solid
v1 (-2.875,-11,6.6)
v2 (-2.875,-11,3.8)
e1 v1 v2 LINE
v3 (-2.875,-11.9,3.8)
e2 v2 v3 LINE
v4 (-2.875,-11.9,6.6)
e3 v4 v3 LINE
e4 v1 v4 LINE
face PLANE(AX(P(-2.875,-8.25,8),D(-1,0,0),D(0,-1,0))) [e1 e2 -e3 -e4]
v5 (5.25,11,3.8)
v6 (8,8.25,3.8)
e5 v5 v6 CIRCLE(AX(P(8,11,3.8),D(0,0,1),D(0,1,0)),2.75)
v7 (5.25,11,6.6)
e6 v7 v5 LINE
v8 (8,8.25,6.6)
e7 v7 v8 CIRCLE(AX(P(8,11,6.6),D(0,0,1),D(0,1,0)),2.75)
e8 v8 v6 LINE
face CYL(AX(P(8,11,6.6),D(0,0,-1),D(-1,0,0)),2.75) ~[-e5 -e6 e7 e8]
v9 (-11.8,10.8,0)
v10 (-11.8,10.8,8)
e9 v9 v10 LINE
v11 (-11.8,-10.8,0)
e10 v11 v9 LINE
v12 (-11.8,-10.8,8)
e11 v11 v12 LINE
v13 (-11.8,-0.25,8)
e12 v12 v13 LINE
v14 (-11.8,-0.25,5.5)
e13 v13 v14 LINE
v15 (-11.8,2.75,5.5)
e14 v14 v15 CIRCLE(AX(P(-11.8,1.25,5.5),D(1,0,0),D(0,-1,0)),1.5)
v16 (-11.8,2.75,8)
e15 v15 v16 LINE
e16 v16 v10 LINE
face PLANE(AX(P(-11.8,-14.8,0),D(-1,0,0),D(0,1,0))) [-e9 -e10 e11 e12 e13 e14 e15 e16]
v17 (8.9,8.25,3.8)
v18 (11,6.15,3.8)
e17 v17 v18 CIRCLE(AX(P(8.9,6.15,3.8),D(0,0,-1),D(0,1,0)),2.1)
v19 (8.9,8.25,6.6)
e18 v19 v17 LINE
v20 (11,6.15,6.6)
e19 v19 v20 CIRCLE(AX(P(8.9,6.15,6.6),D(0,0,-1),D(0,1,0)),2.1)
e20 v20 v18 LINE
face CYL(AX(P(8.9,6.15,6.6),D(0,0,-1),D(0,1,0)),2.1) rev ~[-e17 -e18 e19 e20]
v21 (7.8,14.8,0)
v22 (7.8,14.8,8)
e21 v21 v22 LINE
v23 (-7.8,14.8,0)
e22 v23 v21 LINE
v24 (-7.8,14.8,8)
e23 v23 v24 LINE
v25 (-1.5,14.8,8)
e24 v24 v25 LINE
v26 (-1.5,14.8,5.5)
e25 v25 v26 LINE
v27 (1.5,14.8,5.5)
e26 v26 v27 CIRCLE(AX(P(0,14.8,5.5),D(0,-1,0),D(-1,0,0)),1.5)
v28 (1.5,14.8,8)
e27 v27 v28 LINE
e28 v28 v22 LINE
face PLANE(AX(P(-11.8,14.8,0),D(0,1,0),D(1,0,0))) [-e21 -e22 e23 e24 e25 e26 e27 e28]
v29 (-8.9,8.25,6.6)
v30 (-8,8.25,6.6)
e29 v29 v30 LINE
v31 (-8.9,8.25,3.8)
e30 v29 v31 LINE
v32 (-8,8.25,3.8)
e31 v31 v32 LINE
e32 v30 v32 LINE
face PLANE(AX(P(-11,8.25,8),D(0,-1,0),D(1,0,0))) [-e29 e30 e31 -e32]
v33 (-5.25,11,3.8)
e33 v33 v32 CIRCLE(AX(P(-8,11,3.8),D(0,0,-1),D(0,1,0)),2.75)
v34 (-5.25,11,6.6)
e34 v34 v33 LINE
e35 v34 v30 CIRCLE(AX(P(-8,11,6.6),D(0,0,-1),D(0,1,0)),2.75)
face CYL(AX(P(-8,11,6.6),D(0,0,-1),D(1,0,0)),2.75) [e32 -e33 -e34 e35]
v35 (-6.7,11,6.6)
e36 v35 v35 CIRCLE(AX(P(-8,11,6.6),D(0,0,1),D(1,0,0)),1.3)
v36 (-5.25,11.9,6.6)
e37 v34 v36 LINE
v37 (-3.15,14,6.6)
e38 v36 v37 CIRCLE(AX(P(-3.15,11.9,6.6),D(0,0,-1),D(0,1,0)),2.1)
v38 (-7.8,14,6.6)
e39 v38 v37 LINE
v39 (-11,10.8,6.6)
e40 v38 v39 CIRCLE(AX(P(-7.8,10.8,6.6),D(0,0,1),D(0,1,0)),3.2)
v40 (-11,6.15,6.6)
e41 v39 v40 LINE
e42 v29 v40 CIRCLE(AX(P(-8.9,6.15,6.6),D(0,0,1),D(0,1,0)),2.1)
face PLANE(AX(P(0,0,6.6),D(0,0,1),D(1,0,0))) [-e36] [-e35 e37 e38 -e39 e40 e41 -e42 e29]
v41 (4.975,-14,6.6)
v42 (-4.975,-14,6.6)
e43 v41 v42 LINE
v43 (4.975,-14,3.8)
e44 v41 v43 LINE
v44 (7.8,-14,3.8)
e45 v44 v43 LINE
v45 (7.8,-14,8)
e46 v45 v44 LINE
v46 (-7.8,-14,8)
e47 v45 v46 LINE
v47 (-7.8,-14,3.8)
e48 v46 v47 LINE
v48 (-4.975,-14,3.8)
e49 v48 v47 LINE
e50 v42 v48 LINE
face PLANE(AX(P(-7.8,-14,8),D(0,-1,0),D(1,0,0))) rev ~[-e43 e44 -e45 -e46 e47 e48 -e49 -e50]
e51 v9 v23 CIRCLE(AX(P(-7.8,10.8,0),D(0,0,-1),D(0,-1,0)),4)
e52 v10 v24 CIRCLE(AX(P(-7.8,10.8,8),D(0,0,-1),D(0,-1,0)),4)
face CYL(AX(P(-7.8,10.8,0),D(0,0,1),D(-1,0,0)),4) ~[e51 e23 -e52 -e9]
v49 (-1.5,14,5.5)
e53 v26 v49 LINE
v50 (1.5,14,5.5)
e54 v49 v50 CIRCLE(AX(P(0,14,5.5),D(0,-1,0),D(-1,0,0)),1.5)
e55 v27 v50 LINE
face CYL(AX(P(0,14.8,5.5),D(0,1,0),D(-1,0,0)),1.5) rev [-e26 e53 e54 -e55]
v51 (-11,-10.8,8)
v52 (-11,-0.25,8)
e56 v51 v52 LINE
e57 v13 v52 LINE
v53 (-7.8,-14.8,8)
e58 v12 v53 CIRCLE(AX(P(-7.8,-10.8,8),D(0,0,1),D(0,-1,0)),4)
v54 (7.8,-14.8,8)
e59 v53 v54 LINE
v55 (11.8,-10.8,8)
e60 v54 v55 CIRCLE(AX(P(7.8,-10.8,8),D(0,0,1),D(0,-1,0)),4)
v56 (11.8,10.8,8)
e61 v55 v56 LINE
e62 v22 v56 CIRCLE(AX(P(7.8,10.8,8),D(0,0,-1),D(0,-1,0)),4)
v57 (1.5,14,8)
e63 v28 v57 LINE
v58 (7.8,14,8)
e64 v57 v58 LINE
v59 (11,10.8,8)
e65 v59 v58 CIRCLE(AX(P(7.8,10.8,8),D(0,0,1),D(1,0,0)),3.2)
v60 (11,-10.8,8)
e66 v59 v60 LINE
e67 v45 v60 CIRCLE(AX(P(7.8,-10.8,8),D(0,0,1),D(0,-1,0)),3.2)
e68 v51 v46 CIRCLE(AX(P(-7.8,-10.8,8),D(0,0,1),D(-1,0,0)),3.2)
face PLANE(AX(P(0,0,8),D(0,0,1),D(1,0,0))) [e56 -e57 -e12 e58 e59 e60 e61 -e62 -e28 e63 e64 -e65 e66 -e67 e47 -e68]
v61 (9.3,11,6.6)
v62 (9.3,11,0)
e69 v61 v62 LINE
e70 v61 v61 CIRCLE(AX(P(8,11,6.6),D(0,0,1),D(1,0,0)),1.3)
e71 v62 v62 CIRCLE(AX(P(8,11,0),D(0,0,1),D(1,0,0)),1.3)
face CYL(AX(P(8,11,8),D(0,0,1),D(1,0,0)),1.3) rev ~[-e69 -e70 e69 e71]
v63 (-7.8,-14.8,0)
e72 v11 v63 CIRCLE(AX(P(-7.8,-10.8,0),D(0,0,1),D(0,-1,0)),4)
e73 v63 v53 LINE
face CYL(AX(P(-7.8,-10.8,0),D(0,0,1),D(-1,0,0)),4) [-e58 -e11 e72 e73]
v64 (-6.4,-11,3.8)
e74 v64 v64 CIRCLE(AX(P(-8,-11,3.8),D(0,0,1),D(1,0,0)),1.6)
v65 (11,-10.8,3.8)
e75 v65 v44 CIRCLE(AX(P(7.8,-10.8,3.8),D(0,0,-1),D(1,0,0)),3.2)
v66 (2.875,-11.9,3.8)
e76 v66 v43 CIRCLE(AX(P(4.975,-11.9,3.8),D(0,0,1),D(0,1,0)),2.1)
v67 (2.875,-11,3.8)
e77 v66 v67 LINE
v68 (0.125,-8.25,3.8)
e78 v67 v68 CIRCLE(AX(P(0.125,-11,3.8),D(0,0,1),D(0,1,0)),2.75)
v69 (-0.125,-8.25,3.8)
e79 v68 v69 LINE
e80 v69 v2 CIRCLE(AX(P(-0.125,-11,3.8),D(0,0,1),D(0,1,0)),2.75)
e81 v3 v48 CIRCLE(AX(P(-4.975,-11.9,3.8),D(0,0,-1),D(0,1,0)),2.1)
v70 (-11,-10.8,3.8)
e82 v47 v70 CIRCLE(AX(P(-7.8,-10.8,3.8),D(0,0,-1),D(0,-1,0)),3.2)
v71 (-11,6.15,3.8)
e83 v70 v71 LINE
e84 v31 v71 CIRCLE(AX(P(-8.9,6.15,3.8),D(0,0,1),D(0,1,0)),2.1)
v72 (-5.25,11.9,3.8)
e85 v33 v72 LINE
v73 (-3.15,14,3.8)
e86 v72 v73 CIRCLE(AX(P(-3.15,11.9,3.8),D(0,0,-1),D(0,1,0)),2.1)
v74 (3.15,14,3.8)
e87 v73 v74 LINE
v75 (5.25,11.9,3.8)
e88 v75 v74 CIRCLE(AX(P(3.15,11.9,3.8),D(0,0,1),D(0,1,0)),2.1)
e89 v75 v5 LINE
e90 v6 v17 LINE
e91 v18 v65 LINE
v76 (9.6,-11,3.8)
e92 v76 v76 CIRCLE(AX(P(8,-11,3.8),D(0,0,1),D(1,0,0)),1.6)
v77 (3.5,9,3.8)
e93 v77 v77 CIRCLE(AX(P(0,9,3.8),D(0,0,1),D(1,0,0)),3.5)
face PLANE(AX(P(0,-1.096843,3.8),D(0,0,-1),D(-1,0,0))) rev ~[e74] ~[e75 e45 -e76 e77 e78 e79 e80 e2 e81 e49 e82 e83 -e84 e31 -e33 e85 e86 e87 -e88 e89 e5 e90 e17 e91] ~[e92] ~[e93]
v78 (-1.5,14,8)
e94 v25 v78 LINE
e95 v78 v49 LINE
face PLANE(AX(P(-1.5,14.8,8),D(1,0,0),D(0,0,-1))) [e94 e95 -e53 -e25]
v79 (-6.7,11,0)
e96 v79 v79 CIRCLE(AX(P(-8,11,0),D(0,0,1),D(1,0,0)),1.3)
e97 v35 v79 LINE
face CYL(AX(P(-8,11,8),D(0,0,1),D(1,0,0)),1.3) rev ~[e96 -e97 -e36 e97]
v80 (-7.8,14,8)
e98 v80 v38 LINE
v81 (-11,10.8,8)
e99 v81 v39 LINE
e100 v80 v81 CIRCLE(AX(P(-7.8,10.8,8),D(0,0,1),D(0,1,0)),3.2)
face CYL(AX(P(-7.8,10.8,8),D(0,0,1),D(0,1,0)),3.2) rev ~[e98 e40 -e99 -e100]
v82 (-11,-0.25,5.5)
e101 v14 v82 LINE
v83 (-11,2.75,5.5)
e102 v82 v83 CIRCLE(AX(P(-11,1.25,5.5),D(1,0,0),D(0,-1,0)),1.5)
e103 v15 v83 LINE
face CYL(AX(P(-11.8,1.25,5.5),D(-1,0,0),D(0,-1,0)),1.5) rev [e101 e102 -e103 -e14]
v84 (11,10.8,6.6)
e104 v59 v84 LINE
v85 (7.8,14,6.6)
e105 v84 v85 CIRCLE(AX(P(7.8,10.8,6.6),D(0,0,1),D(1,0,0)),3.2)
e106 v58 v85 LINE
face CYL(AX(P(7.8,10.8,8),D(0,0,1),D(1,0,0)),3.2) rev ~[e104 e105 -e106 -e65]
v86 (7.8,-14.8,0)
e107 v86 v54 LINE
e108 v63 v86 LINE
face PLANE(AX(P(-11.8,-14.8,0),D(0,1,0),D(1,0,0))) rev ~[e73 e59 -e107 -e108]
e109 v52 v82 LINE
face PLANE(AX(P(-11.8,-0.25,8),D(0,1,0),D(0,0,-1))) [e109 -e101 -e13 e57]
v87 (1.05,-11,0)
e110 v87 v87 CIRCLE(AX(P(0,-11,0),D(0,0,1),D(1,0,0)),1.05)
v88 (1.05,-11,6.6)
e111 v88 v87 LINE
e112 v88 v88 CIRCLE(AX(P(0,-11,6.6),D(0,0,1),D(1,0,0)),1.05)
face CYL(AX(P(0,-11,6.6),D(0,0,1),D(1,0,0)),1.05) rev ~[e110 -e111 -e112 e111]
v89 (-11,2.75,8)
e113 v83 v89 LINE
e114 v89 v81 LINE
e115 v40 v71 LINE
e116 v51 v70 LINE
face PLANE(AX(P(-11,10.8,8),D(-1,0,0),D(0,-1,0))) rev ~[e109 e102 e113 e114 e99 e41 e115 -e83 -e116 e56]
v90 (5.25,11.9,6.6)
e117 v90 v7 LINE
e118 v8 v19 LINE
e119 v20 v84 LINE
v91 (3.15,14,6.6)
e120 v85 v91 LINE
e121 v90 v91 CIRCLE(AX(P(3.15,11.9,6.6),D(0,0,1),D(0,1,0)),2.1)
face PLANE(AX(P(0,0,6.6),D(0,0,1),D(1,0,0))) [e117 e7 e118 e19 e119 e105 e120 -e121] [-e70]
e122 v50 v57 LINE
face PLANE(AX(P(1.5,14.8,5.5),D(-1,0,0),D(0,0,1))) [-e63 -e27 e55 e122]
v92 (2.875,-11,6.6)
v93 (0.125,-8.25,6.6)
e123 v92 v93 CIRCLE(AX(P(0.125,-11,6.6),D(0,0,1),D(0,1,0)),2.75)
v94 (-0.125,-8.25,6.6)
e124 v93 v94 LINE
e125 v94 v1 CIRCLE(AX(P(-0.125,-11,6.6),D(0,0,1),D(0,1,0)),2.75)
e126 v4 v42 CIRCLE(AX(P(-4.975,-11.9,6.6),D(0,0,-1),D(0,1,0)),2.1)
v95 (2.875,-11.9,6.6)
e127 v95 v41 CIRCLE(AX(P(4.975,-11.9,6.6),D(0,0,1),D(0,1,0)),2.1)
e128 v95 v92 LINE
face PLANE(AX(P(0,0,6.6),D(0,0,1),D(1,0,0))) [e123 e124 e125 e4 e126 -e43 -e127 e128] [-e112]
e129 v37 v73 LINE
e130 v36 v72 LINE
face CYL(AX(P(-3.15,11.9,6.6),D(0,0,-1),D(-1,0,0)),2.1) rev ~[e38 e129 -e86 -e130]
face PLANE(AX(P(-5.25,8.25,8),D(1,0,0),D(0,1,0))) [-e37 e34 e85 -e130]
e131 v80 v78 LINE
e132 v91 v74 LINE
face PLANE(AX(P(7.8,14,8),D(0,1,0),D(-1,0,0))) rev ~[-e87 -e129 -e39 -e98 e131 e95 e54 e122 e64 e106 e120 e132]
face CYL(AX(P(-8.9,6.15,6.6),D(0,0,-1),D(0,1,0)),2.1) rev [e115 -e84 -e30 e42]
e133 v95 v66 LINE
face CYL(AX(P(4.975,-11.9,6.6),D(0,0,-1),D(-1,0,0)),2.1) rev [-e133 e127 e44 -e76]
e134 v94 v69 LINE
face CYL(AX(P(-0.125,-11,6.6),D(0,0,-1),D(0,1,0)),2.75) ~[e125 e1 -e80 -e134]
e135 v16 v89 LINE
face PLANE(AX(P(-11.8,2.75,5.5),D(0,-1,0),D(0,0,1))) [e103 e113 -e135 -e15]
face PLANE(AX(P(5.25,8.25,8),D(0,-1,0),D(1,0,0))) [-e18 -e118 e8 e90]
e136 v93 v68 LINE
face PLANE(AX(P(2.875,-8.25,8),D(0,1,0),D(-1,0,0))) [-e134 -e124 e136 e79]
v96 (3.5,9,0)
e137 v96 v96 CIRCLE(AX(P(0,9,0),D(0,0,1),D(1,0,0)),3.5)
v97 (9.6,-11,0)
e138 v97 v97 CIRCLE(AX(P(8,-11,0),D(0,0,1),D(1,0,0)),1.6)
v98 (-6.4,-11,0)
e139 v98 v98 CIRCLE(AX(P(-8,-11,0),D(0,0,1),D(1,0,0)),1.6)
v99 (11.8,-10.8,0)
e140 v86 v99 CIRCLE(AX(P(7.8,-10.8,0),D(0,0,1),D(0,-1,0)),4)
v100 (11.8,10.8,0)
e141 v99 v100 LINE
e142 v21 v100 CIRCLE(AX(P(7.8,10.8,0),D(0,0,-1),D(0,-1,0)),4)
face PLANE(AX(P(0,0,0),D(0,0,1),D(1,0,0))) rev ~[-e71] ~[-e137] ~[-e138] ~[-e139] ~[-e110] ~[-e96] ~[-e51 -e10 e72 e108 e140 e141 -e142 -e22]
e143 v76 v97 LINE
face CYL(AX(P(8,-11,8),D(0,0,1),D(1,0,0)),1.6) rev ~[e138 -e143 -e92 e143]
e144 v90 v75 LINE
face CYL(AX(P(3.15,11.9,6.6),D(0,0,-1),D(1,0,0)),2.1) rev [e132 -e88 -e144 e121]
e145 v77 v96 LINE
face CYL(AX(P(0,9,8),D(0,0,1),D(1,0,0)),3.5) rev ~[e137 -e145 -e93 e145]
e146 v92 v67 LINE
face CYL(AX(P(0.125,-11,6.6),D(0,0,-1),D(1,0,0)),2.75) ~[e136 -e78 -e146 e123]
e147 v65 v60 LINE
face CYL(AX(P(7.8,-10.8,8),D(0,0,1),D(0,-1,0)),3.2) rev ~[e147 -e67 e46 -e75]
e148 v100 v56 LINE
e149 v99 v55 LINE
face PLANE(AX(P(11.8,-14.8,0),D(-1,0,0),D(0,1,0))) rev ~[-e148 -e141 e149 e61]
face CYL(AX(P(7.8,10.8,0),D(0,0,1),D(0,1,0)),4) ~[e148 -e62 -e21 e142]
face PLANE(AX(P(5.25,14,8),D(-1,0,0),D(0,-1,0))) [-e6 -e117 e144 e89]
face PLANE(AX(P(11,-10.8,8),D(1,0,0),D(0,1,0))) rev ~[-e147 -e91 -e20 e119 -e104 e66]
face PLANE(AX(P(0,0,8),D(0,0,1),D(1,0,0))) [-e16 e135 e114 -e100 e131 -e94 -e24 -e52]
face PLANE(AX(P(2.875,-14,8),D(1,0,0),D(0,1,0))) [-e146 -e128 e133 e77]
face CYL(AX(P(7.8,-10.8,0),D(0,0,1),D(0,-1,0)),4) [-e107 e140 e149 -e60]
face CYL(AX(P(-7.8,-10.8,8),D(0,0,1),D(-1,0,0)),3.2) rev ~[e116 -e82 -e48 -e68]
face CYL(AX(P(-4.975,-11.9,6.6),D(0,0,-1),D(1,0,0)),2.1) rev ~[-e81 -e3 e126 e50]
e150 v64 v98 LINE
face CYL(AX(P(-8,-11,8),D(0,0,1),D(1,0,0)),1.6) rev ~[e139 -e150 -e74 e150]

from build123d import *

# Parameters (mm, degrees)
SKETCH1_W                               = 23.6
SKETCH1_H                               = 29.6
BASIC_DEPTH                             = 8
SKETCH2_R                               = 3.5
F_7_0_HOLE_ROTATING_MAGNET_DEPTH        = 21.549452547
SKETCH4_R                               = 1.6
SKETCH4_R_2                             = 1.3
MOUNTING_HOLES_2_05_2_5_DEPTH           = 21.549452547
R4_BASIC_R                              = 4
PCB_LEVEL_DEPTH                         = 1.4
PCB_CLEARANCE_DEPTH                     = 4.2
R2_1_PCB_CLEARANCE_R                    = 2.1
R2_75_PCB_CLEARANCE_R                   = 2.75
CUT_OUT_1_DEPTH                         = 0.8
CUT_OUT_RESET_SWITCH_DEPTH              = 0.8
SKETCH13_R                              = 1.05
F_2_05_PCB_MOUNTING_HOLE_FOR_M2_5_DEPTH = 21.045947221


with BuildPart() as part:
    # Sketch1 → Basic (new body)
    with BuildSketch(Plane.XY):
        Rectangle(SKETCH1_W, SKETCH1_H)
    extrude(amount=BASIC_DEPTH)

    # Sketch2 → Ø7.0 Hole (Rotating Magnet) (cut, through all)
    with BuildSketch(Plane.XY.offset(8)):
        with Locations((0, 9)):
            Circle(SKETCH2_R)
    extrude(amount=-F_7_0_HOLE_ROTATING_MAGNET_DEPTH, mode=Mode.SUBTRACT)

    # Sketch4 → Mounting holes  Ø2.05 & Ø2.5 (cut, through all)
    with BuildSketch(Plane.XY.offset(8)):
        with Locations((8, -11)):
            Circle(SKETCH4_R)
        with Locations((-8, -11)):
            Circle(SKETCH4_R)
        with Locations((8, 11)):
            Circle(SKETCH4_R_2)
        with Locations((-8, 11)):
            Circle(SKETCH4_R_2)
    extrude(amount=-MOUNTING_HOLES_2_05_2_5_DEPTH, mode=Mode.SUBTRACT)

    # R4: Basic
    r4_basic_edges = [part.edges().sort_by_distance(p)[0] for p in [
        (11.8, -14.8, 4),
        (-11.8, -14.8, 4),
        (-11.8, 14.8, 4),
        (11.8, 14.8, 4),
    ]]
    fillet(r4_basic_edges, radius=R4_BASIC_R)

    # Sketch6 → PCB level (cut)
    with BuildSketch(Plane.XY.offset(8)):
        with BuildLine():
            Line((11, -10.8), (11, 10.8))
            ThreePointArc((11, 10.8), (10.0627417, 13.0627417), (7.8, 14))
            Line((7.8, 14), (-7.8, 14))
            ThreePointArc((-7.8, 14), (-10.0627417, 13.0627417), (-11, 10.8))
            Line((-11, 10.8), (-11, -10.8))
            ThreePointArc((-11, -10.8), (-10.0627417, -13.0627417), (-7.8, -14))
            Line((-7.8, -14), (7.8, -14))
            ThreePointArc((7.8, -14), (10.0627417, -13.0627417), (11, -10.8))
        make_face()
    extrude(amount=-PCB_LEVEL_DEPTH, mode=Mode.SUBTRACT)

    # Sketch9 → PCB Clearance (cut)
    with BuildSketch(Plane.XY.offset(8)):
        with BuildLine():
            Line((-11, 8.25), (-5.25, 8.25))
            Line((-5.25, 8.25), (-5.25, 14))
            Line((-5.25, 14), (5.25, 14))
            Line((5.25, 14), (5.25, 8.25))
            Line((5.25, 8.25), (11, 8.25))
            Line((11, 8.25), (11, -10.8))
            ThreePointArc((11, -10.8), (10.0627417, -13.0627417), (7.8, -14))
            Line((7.8, -14), (2.875, -14))
            Line((2.875, -14), (2.875, -8.25))
            Line((2.875, -8.25), (-2.875, -8.25))
            Line((-2.875, -8.25), (-2.875, -14))
            Line((-2.875, -14), (-7.8, -14))
            ThreePointArc((-7.8, -14), (-10.0627417, -13.0627417), (-11, -10.8))
            Line((-11, -10.8), (-11, 8.25))
        make_face()
    extrude(amount=-PCB_CLEARANCE_DEPTH, mode=Mode.SUBTRACT)

    # R2.1: PCB Clearance
    r2_1_pcb_clearance_edges = [part.edges().sort_by_distance(p)[0] for p in [
        (-11, 8.25, 5.2),
        (-5.25, 14, 5.2),
        (5.25, 14, 5.2),
        (11, 8.25, 5.2),
        (2.875, -14, 5.2),
        (-2.875, -14, 5.2),
    ]]
    fillet(r2_1_pcb_clearance_edges, radius=R2_1_PCB_CLEARANCE_R)

    # R2.75: PCB Clearance
    r2_75_pcb_clearance_edges = [part.edges().sort_by_distance(p)[0] for p in [
        (-5.25, 8.25, 5.2),
        (5.25, 8.25, 5.2),
        (2.875, -8.25, 5.2),
        (-2.875, -8.25, 5.2),
    ]]
    fillet(r2_75_pcb_clearance_edges, radius=R2_75_PCB_CLEARANCE_R)

    # Sketch11 → Cut-Out (1) (cut)
    with BuildSketch(Plane(origin=(0, 14.8, 0), x_dir=(1, 0, 0), z_dir=(0, 1, 0))):
        with BuildLine():
            Line((-1.5, -8), (-1.5, -5.5))
            ThreePointArc((-1.5, -5.5), (0, -4), (1.5, -5.5))
            Line((1.5, -5.5), (1.5, -8))
            Line((1.5, -8), (-1.5, -8))
        make_face()
    extrude(amount=-CUT_OUT_1_DEPTH, mode=Mode.SUBTRACT)

    # Sketch12 → Cut-Out Reset Switch (cut)
    with BuildSketch(Plane.ZY.offset(11.8)):
        with BuildLine():
            Line((8, -0.25), (5.5, -0.25))
            ThreePointArc((5.5, -0.25), (4, 1.25), (5.5, 2.75))
            Line((5.5, 2.75), (8, 2.75))
            Line((8, 2.75), (8, -0.25))
        make_face()
    extrude(amount=-CUT_OUT_RESET_SWITCH_DEPTH, mode=Mode.SUBTRACT)

    # Sketch13 → Ø2.05 PCB Mounting Hole for M2.5 (cut, through all)
    with BuildSketch(Plane.XY.offset(6.6)):
        with Locations((0, -11)):
            Circle(SKETCH13_R)
    extrude(amount=-F_2_05_PCB_MOUNTING_HOLE_FOR_M2_5_DEPTH, mode=Mode.SUBTRACT)


solid = part.part
